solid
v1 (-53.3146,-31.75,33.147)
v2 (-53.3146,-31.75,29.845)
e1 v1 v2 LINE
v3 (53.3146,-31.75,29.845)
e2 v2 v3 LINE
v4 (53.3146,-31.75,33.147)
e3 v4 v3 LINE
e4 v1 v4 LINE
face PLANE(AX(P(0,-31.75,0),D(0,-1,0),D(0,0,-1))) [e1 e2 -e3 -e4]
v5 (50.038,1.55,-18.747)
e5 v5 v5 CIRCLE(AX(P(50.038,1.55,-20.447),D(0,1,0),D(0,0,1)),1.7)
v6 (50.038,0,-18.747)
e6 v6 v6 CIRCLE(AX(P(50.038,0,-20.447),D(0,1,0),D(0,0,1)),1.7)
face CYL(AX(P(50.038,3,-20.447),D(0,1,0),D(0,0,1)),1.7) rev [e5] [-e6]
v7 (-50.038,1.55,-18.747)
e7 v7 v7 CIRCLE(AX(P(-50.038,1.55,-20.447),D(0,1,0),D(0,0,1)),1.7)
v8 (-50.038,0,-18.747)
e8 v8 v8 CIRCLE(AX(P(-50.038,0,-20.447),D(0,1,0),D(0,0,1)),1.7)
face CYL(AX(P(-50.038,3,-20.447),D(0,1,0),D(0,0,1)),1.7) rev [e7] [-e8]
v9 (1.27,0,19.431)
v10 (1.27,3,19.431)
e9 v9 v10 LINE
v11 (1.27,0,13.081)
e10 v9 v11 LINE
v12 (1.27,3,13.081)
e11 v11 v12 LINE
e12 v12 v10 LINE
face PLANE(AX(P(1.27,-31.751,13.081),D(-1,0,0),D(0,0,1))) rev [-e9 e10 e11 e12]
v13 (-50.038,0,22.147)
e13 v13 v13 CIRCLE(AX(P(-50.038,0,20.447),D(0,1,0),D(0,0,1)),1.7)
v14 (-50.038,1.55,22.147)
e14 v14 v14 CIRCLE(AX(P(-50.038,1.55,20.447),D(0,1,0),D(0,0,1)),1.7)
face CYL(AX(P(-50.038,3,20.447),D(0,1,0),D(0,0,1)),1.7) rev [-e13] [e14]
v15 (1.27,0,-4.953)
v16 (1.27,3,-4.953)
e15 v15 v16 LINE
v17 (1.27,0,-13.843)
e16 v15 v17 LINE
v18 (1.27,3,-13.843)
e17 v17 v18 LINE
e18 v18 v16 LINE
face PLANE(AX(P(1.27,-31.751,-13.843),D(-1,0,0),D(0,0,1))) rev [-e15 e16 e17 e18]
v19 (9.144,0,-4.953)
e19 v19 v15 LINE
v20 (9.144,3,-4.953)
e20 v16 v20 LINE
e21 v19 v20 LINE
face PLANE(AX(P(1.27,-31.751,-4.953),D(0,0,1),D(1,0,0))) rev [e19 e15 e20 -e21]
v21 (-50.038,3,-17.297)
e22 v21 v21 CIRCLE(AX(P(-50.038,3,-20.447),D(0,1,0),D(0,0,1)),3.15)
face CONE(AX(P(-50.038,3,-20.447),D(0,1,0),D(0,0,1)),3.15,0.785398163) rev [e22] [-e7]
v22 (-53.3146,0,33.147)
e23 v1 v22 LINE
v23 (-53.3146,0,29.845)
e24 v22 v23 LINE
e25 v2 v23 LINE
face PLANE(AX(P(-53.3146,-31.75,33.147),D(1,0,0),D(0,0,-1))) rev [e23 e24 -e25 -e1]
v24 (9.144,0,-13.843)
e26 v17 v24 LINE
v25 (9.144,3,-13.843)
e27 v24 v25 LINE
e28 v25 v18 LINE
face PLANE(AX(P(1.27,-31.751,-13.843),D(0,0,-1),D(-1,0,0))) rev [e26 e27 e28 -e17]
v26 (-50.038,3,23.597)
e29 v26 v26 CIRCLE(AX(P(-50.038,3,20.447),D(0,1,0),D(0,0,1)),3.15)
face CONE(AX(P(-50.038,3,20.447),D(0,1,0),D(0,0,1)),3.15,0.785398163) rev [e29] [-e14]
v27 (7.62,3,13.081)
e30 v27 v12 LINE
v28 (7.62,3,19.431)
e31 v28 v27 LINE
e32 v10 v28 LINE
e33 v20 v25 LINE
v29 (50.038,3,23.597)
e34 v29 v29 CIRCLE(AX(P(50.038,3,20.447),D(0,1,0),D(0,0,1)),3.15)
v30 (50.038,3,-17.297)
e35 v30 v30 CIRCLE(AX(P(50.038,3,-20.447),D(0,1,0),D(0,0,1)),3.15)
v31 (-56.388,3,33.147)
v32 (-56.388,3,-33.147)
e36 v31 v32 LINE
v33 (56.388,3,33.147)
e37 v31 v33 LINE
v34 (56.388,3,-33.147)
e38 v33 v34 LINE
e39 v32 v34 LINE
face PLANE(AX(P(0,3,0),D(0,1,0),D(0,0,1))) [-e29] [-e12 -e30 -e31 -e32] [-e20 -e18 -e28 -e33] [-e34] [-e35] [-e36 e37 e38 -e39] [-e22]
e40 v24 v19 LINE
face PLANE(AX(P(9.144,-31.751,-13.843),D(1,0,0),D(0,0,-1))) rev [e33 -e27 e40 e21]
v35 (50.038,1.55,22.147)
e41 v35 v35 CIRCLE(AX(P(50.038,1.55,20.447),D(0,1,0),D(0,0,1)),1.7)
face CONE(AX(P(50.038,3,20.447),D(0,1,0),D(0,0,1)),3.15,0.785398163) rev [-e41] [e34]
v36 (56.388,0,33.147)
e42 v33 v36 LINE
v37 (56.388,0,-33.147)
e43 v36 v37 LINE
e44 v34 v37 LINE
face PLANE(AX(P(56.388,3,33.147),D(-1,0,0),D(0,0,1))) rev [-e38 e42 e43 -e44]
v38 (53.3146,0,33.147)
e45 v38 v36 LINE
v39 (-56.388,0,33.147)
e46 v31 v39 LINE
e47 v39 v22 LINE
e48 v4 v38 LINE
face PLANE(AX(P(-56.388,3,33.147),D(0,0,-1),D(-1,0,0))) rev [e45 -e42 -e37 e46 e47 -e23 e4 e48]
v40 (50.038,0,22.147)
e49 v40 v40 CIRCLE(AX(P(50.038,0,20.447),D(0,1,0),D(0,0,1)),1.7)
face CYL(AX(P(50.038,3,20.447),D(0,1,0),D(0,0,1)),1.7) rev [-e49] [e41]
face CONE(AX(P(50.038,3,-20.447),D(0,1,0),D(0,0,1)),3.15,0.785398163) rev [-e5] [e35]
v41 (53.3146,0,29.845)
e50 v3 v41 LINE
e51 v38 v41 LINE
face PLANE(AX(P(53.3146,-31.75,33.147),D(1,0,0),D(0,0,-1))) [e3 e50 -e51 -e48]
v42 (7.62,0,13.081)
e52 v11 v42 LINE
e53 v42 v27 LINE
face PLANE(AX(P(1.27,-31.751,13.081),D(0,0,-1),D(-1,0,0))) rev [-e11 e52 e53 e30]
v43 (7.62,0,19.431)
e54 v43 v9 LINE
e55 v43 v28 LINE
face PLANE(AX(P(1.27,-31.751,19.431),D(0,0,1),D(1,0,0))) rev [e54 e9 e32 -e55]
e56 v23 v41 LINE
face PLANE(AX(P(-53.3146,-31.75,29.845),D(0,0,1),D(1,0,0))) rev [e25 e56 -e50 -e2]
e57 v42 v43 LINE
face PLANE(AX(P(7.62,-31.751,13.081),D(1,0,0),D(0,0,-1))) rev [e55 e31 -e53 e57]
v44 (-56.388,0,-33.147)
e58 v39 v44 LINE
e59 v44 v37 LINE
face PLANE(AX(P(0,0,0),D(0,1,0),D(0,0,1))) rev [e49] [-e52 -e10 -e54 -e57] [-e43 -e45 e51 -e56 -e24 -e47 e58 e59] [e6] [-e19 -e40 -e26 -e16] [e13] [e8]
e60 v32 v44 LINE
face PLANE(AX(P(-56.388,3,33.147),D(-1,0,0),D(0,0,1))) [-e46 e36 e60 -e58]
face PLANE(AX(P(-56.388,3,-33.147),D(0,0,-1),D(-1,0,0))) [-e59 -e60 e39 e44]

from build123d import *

# Parameters (mm, degrees)
SKETCH1_W                                    = 112.776
SKETCH1_H                                    = 66.294
BOSS_EXTRUDE1_DEPTH                          = 3
CSK_FOR_M3_COUNTERSUNK_FLAT_HEAD_SCR_2_COUNT = 2
CSK_FOR_M3_COUNTERSUNK_FLAT_HEAD_SCR_2_PITCH = 40.894
CSK_FOR_M3_COUNTERSUNK_FLAT_HEAD_SCR_3_COUNT = 2
CSK_FOR_M3_COUNTERSUNK_FLAT_HEAD_SCR_3_PITCH = 108.108857232
CSK_FOR_M3_COUNTERSUNK_FLAT_HEAD_SCR_4_COUNT = 2
CSK_FOR_M3_COUNTERSUNK_FLAT_HEAD_SCR_4_PITCH = 100.076
SKETCH4_W                                    = 106.6292
SKETCH4_H                                    = 3.302
BOSS_EXTRUDE2_DEPTH                          = 31.75
CUT_EXTRUDE1_REACH                           = 76.067
SKETCH6_W                                    = 6.35
SKETCH6_H                                    = 6.35
SKETCH6_W_2                                  = 7.874
SKETCH6_H_2                                  = 8.89


with BuildPart() as part:
    # Sketch1 → Boss-Extrude1 (new body)
    with BuildSketch(Plane(origin=(0, 0, 0), x_dir=(1, 0, 0), z_dir=(0, 1, 0))):
        Rectangle(SKETCH1_W, SKETCH1_H)
    extrude(amount=BOSS_EXTRUDE1_DEPTH)

    # Sketch3 → CSK for M3 Countersunk Flat Head Screw1 (revolve, cut)
    with BuildSketch(Plane(origin=(-50.038, 3, -20.447), x_dir=(0, 0, 1), z_dir=(1, 0, 0))):
        Polygon((0, 0), (0, 3), (1.7, 3), (1.7, 1.45), (3.15, 0), align=None)
    csk_for_m3_countersunk_flat_head_screw1 = revolve(axis=Axis((-50.038, 9.35, -20.447), (0, -1, 0)), mode=Mode.SUBTRACT)

    # CSK for M3 Countersunk Flat Head Scr 2: CSK for M3 Countersunk Flat Head Screw1 ×2
    with Locations(*[(0, 0, i * CSK_FOR_M3_COUNTERSUNK_FLAT_HEAD_SCR_2_PITCH) for i in range(1, CSK_FOR_M3_COUNTERSUNK_FLAT_HEAD_SCR_2_COUNT)]):
        add(csk_for_m3_countersunk_flat_head_screw1, mode=Mode.SUBTRACT)

    # CSK for M3 Countersunk Flat Head Scr 3: CSK for M3 Countersunk Flat Head Screw1 ×2
    with Locations(*[Vector(0.9256965854821381, 0, 0.3782668788391479) * (i * CSK_FOR_M3_COUNTERSUNK_FLAT_HEAD_SCR_3_PITCH) for i in range(1, CSK_FOR_M3_COUNTERSUNK_FLAT_HEAD_SCR_3_COUNT)]):
        add(csk_for_m3_countersunk_flat_head_screw1, mode=Mode.SUBTRACT)

    # CSK for M3 Countersunk Flat Head Scr 4: CSK for M3 Countersunk Flat Head Screw1 ×2
    with Locations(*[(i * CSK_FOR_M3_COUNTERSUNK_FLAT_HEAD_SCR_4_PITCH, 0, 0) for i in range(1, CSK_FOR_M3_COUNTERSUNK_FLAT_HEAD_SCR_4_COUNT)]):
        add(csk_for_m3_countersunk_flat_head_screw1, mode=Mode.SUBTRACT)

    # Sketch4 → Boss-Extrude2 (add)
    with BuildSketch(Plane.XZ):
        with Locations((0, 31.496)):
            Rectangle(SKETCH4_W, SKETCH4_H)
    extrude(amount=BOSS_EXTRUDE2_DEPTH)

    # Sketch6 → Cut-Extrude1 (cut, up to next)
    with BuildSketch(Plane(origin=(0, 3, 0), x_dir=(1, 0, 0), z_dir=(0, 1, 0)), mode=Mode.PRIVATE) as cut_extrude1_sk1:
        with Locations((4.445, -16.256)):
            Rectangle(SKETCH6_W, SKETCH6_H)
    cut_extrude1_tool1 = extrude(cut_extrude1_sk1.sketch, amount=-CUT_EXTRUDE1_REACH, mode=Mode.PRIVATE) & part.part
    # Sketch6 → Cut-Extrude1 (cut, up to next)
    with BuildSketch(Plane(origin=(0, 3, 0), x_dir=(1, 0, 0), z_dir=(0, 1, 0)), mode=Mode.PRIVATE) as cut_extrude1_sk2:
        with Locations((5.207, 9.398)):
            Rectangle(SKETCH6_W_2, SKETCH6_H_2)
    cut_extrude1_tool2 = extrude(cut_extrude1_sk2.sketch, amount=-CUT_EXTRUDE1_REACH, mode=Mode.PRIVATE) & part.part
    add(cut_extrude1_tool1.solids().sort_by_distance((4.445, 3, 16.256))[0], mode=Mode.SUBTRACT)
    add(cut_extrude1_tool2.solids().sort_by_distance((5.207, 3, -9.398))[0], mode=Mode.SUBTRACT)


solid = part.part
